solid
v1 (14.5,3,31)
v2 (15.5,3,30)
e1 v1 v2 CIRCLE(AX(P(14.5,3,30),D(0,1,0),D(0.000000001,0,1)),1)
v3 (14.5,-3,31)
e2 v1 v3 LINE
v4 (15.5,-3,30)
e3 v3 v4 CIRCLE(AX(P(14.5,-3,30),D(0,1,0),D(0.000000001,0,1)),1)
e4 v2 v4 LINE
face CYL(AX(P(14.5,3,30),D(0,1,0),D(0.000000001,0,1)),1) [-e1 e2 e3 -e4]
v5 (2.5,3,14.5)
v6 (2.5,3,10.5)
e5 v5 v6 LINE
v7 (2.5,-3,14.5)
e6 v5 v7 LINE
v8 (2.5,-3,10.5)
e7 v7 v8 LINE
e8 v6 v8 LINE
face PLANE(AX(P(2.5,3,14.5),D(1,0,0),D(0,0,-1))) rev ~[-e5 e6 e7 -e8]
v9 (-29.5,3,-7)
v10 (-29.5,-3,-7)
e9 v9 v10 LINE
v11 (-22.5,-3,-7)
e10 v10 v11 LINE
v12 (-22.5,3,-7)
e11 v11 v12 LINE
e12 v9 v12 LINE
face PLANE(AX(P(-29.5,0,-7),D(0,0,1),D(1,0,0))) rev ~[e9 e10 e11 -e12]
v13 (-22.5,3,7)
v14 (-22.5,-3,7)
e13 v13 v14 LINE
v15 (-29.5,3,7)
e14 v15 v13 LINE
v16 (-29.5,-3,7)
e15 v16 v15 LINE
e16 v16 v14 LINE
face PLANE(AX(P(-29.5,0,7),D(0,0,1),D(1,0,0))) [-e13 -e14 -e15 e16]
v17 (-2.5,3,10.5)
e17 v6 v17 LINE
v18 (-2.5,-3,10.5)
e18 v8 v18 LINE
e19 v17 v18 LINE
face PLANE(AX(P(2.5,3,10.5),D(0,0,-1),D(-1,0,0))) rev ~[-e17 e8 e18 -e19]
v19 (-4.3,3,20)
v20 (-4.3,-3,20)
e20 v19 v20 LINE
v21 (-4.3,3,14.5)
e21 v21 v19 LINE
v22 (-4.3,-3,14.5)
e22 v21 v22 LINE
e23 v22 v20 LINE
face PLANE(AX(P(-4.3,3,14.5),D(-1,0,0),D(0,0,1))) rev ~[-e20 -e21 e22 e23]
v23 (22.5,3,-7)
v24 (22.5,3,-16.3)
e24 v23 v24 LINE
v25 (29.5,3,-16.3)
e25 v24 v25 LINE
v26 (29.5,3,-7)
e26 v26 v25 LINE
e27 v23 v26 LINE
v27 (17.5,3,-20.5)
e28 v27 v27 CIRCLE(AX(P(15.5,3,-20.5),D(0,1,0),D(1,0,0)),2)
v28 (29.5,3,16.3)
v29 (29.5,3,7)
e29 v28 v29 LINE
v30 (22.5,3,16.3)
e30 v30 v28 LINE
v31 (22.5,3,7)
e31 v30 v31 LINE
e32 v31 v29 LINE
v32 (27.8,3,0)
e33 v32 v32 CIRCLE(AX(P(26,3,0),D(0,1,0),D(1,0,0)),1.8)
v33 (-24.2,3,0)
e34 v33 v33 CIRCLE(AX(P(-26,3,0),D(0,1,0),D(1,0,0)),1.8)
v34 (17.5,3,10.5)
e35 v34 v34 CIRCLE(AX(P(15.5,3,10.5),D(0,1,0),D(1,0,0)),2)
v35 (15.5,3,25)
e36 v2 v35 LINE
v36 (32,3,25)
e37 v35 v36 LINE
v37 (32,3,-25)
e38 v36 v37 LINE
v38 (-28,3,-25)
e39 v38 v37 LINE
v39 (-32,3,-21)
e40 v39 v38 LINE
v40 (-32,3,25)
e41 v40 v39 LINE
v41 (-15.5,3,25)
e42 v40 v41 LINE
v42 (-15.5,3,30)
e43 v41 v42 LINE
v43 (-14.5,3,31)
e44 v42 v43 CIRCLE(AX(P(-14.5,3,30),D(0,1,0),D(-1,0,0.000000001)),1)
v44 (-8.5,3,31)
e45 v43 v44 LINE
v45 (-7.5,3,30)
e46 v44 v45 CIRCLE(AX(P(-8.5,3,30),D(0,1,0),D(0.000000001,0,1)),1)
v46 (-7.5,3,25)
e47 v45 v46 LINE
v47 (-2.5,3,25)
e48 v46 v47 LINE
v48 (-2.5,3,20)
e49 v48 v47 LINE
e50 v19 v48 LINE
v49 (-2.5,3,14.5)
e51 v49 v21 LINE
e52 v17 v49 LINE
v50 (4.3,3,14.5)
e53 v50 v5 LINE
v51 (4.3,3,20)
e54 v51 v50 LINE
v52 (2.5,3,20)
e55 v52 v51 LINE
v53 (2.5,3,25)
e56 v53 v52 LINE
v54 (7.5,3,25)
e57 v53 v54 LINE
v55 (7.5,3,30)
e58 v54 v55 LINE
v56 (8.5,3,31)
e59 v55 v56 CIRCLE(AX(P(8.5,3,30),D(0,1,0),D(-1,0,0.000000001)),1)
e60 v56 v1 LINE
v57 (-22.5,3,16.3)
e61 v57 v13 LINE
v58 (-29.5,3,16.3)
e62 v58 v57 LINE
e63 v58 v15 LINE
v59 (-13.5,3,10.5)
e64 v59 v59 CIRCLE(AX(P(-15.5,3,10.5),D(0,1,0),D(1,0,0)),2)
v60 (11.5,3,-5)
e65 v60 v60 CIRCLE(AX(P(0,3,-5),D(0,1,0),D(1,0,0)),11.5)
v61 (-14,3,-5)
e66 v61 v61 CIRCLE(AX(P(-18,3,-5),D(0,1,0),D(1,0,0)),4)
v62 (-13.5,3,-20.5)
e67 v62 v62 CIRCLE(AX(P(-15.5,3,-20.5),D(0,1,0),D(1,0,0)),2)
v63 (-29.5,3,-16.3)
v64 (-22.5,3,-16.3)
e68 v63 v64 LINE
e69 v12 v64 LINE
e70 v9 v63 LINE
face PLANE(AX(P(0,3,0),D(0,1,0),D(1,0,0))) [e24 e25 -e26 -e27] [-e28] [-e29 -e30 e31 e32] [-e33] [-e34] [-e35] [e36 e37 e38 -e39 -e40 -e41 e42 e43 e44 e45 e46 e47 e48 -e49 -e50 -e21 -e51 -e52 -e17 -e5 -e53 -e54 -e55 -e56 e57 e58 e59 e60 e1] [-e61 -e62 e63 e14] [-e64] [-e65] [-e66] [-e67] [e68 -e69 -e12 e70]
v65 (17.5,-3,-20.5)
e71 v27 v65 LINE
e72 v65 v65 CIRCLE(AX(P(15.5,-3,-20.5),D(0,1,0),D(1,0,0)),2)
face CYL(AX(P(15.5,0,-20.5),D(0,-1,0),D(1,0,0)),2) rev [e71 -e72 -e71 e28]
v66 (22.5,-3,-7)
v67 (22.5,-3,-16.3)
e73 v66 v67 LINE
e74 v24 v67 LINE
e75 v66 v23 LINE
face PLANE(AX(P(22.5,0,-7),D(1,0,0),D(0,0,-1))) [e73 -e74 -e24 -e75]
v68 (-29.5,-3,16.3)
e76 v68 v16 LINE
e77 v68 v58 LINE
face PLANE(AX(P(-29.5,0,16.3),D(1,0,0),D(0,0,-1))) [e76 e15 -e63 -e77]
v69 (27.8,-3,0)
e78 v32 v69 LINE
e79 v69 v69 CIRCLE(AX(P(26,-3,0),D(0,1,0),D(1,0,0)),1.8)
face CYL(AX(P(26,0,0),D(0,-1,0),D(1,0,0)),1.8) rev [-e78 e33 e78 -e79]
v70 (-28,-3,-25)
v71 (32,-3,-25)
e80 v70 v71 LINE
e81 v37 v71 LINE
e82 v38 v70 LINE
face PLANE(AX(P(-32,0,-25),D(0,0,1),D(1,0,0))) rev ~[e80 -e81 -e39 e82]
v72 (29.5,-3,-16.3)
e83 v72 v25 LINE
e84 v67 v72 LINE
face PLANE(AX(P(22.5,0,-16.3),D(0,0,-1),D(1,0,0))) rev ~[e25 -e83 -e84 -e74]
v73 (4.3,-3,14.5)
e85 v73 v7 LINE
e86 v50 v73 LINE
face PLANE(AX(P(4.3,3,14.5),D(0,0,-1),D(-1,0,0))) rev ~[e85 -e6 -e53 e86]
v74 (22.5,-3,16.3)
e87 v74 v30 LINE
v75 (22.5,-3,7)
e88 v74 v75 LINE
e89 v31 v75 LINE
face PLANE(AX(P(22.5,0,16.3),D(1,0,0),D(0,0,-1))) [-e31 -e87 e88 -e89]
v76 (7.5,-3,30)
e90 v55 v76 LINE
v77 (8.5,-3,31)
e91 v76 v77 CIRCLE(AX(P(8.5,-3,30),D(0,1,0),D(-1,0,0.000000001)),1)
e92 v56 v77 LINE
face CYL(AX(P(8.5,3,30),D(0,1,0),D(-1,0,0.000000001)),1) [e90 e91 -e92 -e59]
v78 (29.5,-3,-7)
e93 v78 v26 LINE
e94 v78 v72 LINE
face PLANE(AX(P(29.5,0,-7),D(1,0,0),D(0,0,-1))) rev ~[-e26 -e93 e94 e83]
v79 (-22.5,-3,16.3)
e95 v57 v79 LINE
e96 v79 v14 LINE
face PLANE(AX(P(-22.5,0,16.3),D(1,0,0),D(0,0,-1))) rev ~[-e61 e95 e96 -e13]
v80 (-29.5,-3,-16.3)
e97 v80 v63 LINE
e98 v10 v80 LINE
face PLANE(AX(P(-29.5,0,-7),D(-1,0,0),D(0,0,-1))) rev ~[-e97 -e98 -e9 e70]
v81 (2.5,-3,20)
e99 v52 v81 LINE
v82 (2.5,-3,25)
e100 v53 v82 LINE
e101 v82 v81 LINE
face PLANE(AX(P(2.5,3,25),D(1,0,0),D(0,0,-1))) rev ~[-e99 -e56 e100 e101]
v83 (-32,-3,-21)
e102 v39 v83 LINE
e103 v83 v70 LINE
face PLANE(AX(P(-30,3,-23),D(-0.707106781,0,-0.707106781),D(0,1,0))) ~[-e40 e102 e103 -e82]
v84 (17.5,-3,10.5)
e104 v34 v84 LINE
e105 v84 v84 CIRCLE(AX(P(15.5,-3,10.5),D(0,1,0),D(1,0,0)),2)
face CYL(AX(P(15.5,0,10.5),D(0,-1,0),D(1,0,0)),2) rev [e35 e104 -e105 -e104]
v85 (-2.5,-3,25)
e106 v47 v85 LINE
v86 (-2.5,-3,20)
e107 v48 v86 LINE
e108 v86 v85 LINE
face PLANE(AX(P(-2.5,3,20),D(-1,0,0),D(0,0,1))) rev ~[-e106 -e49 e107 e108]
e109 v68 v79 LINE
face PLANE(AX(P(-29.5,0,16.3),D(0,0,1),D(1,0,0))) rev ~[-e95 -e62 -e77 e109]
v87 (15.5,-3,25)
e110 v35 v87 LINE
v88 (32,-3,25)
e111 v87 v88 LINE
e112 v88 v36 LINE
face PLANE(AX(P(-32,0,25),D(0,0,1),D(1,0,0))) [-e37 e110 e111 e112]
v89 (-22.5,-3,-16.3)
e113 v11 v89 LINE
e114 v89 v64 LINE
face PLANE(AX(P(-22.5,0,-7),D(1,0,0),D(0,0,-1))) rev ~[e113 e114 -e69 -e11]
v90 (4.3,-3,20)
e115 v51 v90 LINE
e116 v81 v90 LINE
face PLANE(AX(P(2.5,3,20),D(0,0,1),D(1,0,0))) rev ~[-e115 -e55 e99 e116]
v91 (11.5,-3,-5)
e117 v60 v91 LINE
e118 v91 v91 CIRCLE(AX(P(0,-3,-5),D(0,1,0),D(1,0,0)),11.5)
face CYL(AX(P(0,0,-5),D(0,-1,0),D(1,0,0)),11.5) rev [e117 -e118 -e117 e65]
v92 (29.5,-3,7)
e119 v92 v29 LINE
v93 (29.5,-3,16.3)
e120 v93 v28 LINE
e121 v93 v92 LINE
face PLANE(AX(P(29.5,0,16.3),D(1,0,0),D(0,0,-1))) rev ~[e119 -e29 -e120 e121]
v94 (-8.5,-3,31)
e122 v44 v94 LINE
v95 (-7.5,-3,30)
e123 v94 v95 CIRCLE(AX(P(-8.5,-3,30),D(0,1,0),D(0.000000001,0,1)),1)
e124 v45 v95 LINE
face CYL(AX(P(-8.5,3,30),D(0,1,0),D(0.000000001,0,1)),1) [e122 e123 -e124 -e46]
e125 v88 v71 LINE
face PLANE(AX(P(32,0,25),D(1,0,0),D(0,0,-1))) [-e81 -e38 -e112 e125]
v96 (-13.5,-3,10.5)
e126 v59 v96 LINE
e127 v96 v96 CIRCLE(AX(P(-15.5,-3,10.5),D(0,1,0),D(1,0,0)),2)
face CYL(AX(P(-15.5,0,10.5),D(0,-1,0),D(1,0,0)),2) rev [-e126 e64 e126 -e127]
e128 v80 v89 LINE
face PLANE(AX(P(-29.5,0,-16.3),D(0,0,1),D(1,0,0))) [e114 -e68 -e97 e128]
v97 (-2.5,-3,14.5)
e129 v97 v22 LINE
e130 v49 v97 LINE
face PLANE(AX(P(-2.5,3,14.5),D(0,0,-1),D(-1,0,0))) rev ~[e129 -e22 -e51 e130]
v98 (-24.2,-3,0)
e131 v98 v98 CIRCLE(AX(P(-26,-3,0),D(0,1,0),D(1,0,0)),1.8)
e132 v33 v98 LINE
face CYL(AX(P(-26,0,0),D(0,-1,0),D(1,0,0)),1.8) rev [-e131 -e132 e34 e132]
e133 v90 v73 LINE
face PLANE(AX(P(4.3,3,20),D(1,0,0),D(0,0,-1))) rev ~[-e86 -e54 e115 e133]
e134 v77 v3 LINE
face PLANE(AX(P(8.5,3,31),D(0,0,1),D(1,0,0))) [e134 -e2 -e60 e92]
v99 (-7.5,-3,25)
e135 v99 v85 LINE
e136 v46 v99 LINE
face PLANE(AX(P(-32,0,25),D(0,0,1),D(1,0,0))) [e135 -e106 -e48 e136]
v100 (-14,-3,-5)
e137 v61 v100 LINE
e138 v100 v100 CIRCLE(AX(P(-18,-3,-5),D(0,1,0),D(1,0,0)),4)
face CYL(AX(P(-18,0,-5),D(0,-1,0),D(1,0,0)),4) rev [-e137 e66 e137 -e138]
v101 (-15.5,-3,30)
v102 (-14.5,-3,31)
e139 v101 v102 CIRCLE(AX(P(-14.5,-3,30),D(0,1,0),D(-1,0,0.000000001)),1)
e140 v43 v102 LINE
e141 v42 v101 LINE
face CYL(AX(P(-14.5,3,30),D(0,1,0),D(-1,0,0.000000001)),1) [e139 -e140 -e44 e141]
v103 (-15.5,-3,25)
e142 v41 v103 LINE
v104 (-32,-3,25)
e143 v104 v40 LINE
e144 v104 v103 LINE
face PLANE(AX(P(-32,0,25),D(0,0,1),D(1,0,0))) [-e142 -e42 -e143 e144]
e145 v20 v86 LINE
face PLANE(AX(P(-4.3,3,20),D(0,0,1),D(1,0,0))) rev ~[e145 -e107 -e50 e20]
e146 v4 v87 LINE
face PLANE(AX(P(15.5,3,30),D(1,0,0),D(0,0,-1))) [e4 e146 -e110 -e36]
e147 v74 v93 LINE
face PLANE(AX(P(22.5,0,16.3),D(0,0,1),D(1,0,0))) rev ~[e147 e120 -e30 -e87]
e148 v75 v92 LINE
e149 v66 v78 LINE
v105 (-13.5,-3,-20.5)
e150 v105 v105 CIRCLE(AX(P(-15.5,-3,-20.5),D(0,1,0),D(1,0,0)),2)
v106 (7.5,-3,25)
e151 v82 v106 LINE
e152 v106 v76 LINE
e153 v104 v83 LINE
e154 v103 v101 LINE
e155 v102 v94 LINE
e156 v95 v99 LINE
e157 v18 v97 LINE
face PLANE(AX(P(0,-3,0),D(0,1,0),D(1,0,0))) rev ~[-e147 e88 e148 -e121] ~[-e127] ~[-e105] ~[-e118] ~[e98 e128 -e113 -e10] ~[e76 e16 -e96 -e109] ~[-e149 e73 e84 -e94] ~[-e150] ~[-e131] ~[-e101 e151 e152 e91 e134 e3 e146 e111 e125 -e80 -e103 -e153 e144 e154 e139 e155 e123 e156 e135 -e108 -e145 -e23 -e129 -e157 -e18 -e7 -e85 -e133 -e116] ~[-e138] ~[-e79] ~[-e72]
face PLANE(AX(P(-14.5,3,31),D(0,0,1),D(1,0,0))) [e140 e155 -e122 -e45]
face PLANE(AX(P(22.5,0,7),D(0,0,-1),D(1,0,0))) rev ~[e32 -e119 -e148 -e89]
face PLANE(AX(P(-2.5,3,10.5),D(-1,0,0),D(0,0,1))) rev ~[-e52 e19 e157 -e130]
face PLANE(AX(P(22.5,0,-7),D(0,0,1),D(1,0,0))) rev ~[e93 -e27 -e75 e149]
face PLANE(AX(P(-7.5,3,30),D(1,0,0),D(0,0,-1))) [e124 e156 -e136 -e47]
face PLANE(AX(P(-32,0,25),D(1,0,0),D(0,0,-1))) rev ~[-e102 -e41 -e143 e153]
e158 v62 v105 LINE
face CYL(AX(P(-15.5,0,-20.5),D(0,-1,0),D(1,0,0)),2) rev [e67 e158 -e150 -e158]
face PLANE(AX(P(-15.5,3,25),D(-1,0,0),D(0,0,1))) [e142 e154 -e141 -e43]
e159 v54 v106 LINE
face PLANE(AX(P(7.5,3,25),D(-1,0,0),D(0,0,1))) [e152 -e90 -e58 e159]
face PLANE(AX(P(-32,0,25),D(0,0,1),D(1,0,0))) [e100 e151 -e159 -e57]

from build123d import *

# Parameters (mm, degrees)
ESQUISSE2_W             = 64
ESQUISSE2_H             = 50
ESQUISSE2_R             = 11.5
ESQUISSE2_R_2           = 4
ESQUISSE2_R_3           = 2
ESQUISSE2_R_4           = 1.8
ESQUISSE2_W_2           = 7
ESQUISSE2_H_2           = 9.3
BOSS_EXTRU_1_DEPTH      = 3
BOSS_EXTRU_2_DEPTH      = 6
ENL_V_MAT_EXTRU_1_DEPTH = 6
CHANFREIN1_SIZE         = 4


with BuildPart() as part:
    # Esquisse2 → Boss.-Extru.1 (new, symmetric)
    with BuildSketch(Plane(origin=(0, 0, 0), x_dir=(1, 0, 0), z_dir=(0, 1, 0))):
        Rectangle(ESQUISSE2_W, ESQUISSE2_H)
        with Locations((0, 5)):
            Circle(ESQUISSE2_R, mode=Mode.SUBTRACT)
        with Locations((-18, 5)):
            Circle(ESQUISSE2_R_2, mode=Mode.SUBTRACT)
        with Locations((15.5, -10.5)):
            Circle(ESQUISSE2_R_3, mode=Mode.SUBTRACT)
        with Locations((15.5, 20.5)):
            Circle(ESQUISSE2_R_3, mode=Mode.SUBTRACT)
        with Locations((-15.5, 20.5)):
            Circle(ESQUISSE2_R_3, mode=Mode.SUBTRACT)
        with Locations((-15.5, -10.5)):
            Circle(ESQUISSE2_R_3, mode=Mode.SUBTRACT)
        with Locations((26, 0)):
            Circle(ESQUISSE2_R_4, mode=Mode.SUBTRACT)
        with Locations((-26, 0)):
            Circle(ESQUISSE2_R_4, mode=Mode.SUBTRACT)
        with Locations((26, 11.65)):
            Rectangle(ESQUISSE2_W_2, ESQUISSE2_H_2, mode=Mode.SUBTRACT)
        with Locations((26, -11.65)):
            Rectangle(ESQUISSE2_W_2, ESQUISSE2_H_2, mode=Mode.SUBTRACT)
        with Locations((-26, -11.65)):
            Rectangle(ESQUISSE2_W_2, ESQUISSE2_H_2, mode=Mode.SUBTRACT)
        with Locations((-26, 11.65)):
            Rectangle(ESQUISSE2_W_2, ESQUISSE2_H_2, mode=Mode.SUBTRACT)
    extrude(amount=BOSS_EXTRU_1_DEPTH, both=True)

    # Esquisse3 → Boss.-Extru.2 (add)
    with BuildSketch(Plane(origin=(0, 3, 0), x_dir=(1, 0, 0), z_dir=(0, 1, 0))):
        with BuildLine():
            Line((-7.5, -30), (-7.5, -25))
            Line((-7.5, -25), (-15.5, -25))
            Line((-15.5, -25), (-15.5, -30))
            ThreePointArc((-15.5, -30), (-15.207106781, -30.707106781), (-14.5, -31))
            Line((-14.5, -31), (-8.5, -31))
            ThreePointArc((-8.5, -31), (-7.792893219, -30.707106781), (-7.5, -30))
        make_face()
        with BuildLine():
            Line((15.5, -30), (15.5, -25))
            Line((15.5, -25), (7.5, -25))
            Line((7.5, -25), (7.5, -30))
            ThreePointArc((7.5, -30), (7.792893219, -30.707106781), (8.5, -31))
            Line((8.5, -31), (14.5, -31))
            ThreePointArc((14.5, -31), (15.207106781, -30.707106781), (15.5, -30))
        make_face()
    extrude(amount=-BOSS_EXTRU_2_DEPTH)

    # Esquisse3<3> → Enl_v. mat.-Extru.1 (cut)
    with BuildSketch(Plane(origin=(0, 3, 0), x_dir=(1, 0, 0), z_dir=(0, 1, 0))):
        Polygon((-2.5, -25), (2.5, -25), (2.5, -20), (4.3, -20), (4.3, -14.5), (2.5, -14.5), (2.5, -10.5), (-2.5, -10.5), (-2.5, -14.5), (-4.3, -14.5), (-4.3, -20), (-2.5, -20), align=None)
    extrude(amount=-ENL_V_MAT_EXTRU_1_DEPTH, mode=Mode.SUBTRACT)

    # Chanfrein1
    chanfrein1_edges = [part.edges().sort_by_distance(p)[0] for p in [
        (-32, 0, -25),
    ]]
    chamfer(chanfrein1_edges, length=CHANFREIN1_SIZE)


solid = part.part
